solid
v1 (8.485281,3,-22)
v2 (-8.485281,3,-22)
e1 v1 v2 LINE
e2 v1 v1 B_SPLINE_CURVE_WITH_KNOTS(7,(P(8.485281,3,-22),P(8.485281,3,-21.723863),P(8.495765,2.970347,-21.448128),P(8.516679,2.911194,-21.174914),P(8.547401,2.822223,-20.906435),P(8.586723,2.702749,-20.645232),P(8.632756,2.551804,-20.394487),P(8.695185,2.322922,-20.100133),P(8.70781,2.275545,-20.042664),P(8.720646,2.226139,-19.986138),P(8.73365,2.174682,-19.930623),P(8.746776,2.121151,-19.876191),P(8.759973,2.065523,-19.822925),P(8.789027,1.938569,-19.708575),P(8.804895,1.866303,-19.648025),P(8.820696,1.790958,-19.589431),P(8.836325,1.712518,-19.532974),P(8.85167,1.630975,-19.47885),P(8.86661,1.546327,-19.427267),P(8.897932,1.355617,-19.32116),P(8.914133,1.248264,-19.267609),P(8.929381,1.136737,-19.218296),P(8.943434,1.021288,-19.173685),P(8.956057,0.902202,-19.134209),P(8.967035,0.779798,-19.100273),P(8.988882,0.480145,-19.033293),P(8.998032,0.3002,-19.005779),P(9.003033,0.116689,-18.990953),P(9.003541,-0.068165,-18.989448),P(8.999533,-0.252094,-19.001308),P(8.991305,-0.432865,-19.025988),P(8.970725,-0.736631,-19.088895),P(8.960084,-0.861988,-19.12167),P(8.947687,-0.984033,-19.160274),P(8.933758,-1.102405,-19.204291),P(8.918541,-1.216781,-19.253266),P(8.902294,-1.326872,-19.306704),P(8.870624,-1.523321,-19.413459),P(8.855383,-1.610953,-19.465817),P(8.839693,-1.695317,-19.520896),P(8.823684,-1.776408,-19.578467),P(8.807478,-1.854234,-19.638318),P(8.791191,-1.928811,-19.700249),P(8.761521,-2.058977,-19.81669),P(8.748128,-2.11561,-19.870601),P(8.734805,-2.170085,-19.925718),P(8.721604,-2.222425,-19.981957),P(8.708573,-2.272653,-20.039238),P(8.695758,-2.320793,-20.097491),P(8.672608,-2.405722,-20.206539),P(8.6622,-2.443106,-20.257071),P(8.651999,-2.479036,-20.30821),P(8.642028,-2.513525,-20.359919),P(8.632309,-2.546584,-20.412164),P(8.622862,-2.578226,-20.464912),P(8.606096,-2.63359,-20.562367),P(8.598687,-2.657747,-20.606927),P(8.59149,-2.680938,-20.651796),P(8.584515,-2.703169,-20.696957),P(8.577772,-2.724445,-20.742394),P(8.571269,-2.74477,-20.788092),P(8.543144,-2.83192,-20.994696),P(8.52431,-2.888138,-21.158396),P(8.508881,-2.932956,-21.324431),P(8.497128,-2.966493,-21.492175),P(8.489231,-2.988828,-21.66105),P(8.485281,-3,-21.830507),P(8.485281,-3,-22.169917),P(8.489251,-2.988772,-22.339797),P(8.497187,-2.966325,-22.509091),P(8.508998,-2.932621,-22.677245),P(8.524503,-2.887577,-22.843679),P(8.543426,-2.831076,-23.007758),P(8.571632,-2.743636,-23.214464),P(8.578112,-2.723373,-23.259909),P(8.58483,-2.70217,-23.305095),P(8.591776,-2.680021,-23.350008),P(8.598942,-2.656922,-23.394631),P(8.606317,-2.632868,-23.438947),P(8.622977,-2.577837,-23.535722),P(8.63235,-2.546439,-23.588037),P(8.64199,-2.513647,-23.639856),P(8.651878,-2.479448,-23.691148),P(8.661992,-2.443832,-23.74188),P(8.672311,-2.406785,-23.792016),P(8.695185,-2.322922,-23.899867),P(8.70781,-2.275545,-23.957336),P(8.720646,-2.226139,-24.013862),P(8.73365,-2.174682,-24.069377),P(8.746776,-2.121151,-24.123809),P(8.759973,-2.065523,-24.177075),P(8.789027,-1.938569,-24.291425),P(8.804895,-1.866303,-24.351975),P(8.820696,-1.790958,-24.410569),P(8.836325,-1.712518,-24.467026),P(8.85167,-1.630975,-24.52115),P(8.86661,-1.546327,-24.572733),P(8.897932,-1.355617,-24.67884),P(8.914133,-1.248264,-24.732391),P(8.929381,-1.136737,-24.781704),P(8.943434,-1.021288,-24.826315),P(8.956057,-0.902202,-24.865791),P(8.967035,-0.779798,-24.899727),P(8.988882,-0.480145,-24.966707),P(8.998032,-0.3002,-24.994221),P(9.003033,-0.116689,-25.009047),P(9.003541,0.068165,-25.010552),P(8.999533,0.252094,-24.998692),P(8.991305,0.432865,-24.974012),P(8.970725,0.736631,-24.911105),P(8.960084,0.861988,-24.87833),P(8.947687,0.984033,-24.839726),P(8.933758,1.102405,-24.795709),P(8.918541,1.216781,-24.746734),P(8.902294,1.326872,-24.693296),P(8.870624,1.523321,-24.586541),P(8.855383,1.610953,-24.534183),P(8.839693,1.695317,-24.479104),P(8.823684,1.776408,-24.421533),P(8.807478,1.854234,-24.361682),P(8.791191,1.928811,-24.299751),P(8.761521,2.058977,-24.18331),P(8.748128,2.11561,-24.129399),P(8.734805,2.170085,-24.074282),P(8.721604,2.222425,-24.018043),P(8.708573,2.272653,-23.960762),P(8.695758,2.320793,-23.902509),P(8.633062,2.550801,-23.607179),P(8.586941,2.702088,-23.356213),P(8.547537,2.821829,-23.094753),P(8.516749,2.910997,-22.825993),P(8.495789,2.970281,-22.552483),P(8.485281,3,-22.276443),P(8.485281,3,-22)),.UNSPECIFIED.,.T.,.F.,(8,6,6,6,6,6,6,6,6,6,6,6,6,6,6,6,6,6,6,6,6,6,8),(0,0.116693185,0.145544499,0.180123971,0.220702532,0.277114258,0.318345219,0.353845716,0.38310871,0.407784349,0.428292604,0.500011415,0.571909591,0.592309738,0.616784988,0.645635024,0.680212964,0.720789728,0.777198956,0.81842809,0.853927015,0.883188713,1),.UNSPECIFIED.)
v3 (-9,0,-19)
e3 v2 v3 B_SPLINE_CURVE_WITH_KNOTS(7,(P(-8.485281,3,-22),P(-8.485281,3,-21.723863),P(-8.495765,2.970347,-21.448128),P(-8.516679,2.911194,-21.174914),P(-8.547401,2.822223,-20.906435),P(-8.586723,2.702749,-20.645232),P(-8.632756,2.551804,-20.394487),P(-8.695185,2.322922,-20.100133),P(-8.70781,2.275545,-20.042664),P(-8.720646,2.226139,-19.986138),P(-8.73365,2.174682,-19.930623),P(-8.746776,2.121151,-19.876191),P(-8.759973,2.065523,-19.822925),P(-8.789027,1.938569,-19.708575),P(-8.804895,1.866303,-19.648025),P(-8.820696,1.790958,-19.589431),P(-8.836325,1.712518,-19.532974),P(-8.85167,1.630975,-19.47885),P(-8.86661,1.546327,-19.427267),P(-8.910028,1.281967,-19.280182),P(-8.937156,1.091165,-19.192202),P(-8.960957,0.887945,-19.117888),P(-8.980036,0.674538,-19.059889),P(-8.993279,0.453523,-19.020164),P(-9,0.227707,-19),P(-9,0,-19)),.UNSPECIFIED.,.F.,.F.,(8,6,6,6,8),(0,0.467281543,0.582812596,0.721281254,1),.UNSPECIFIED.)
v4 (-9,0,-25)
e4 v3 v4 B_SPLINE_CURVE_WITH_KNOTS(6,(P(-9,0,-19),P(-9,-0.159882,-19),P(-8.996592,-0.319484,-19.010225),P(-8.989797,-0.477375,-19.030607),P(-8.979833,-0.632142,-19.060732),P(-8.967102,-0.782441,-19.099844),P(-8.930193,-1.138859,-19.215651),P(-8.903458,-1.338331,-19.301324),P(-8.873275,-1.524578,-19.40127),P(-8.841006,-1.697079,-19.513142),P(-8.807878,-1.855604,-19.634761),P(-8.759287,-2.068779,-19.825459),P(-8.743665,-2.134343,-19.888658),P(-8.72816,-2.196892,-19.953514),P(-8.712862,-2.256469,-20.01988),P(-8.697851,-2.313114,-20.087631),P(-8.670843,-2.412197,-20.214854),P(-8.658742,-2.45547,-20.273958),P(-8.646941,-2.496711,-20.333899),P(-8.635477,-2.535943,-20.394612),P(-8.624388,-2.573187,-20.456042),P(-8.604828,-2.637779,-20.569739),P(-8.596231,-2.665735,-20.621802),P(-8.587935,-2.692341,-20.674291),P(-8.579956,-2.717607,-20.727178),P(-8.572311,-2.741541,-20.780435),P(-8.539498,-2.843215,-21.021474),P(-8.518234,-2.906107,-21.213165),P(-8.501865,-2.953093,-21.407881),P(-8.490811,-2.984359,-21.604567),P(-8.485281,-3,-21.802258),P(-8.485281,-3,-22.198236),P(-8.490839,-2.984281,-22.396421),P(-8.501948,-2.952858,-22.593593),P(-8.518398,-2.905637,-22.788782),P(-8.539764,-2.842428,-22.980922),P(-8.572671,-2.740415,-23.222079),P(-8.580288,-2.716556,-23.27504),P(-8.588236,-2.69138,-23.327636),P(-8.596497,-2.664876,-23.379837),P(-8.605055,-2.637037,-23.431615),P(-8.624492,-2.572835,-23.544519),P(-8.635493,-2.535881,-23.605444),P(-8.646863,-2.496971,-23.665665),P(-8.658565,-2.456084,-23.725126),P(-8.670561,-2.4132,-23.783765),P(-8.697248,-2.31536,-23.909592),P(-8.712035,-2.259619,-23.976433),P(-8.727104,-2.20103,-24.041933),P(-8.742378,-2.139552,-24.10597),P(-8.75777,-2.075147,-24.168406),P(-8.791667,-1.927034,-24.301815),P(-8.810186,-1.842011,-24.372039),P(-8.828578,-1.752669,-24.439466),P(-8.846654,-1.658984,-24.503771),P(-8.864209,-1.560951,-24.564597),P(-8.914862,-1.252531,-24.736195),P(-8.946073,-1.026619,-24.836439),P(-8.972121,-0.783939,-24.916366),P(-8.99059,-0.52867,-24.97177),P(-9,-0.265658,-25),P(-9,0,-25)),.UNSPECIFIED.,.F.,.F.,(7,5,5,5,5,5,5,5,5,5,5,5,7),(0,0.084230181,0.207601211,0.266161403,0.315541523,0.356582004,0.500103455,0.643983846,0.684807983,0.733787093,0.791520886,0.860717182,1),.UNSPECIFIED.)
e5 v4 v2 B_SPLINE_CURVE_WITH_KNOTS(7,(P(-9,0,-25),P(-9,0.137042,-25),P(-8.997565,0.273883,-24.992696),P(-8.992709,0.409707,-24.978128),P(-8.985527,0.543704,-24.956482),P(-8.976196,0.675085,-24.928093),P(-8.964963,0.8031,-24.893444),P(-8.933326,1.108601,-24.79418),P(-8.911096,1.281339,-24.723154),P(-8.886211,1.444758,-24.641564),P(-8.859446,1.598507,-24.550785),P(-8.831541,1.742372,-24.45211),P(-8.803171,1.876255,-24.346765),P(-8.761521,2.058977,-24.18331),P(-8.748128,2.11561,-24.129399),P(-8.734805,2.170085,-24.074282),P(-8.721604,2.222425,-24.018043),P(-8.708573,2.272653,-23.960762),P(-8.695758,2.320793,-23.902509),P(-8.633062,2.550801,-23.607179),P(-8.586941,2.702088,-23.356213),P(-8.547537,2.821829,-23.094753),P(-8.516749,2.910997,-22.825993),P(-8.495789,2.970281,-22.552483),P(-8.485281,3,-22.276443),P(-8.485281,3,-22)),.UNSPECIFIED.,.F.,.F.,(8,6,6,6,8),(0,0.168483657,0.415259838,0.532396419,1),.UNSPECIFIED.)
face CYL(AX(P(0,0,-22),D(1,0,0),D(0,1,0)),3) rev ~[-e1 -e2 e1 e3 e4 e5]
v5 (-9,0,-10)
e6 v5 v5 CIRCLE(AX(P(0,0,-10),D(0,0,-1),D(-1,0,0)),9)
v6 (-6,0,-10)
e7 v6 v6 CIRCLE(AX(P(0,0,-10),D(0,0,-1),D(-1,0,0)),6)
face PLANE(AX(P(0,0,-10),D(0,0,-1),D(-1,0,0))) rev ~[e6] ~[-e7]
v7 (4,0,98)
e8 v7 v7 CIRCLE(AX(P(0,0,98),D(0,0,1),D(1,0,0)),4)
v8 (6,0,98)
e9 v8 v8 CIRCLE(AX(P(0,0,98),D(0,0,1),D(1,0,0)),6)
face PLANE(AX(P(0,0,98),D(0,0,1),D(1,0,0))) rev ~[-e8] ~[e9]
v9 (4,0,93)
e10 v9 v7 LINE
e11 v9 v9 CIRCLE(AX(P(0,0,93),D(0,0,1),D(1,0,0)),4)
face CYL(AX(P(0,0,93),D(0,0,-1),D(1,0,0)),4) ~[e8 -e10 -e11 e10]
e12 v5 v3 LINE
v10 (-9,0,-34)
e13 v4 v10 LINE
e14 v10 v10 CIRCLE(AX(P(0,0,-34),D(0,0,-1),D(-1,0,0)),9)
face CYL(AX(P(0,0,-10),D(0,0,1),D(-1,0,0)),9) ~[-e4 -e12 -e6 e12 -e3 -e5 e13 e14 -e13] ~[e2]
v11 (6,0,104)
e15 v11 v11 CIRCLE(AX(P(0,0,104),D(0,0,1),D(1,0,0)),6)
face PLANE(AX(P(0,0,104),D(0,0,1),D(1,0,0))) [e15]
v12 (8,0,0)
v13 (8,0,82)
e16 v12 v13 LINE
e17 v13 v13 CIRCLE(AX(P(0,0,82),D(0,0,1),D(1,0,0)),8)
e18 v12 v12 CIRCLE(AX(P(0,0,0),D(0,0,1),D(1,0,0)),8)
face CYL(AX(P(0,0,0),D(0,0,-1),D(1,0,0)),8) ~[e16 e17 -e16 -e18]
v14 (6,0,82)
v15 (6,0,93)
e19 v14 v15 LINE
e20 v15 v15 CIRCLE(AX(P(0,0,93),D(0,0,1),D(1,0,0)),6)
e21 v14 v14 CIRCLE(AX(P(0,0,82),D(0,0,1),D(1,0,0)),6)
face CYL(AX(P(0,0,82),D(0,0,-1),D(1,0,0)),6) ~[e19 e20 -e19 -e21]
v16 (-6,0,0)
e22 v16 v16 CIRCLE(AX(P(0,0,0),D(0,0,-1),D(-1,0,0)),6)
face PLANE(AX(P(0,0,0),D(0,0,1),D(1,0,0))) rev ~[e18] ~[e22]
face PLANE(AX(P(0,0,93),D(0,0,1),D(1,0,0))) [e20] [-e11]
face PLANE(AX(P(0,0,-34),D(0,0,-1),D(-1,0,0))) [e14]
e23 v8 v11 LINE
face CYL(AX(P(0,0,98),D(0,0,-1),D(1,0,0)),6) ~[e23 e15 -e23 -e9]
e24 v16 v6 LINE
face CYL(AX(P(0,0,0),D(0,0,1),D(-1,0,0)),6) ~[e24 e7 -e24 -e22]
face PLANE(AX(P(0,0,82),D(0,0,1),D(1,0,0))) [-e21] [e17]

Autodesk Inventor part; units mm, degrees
ref_plane "YZ Plane" through (0, 0, 0) normal (1, 0, 0) x (0, 1, 0)
ref_plane "XZ Plane" through (0, 0, 0) normal (0, 1, 0) x (-1, 0, 0)
ref_plane "XY Plane" through (0, 0, 0) normal (0, 0, 1) x (1, 0, 0)
sketch "Sketch1" plane through (0, 0, 0) normal (0, 0, 1) x (1, 0, 0)
  circle A0 centre (0, 0) radius 8
  dimension "d0" = 16
extrude "Extrusion1" add sketch "Sketch1" along normal blind 82
sketch "Sketch2" plane through (0, 0, 82) normal (0, 0, 1) x (1, 0, 0)
  circle A0 centre (0, 0) radius 6
  dimension "d4" = 12
extrude "Extrusion2" add sketch "Sketch2" along normal blind 11
sketch "Sketch3" plane through (0, 0, 93) normal (0, 0, 1) x (1, 0, 0)
  circle A0 centre (0, 0) radius 4
  dimension "d7" = 8
extrude "Extrusion3" add sketch "Sketch3" along normal blind 5
sketch "Sketch4" plane through (0, 0, 98) normal (0, 0, 1) x (1, 0, 0)
  circle A0 centre (0, 0) radius 6
  dimension "d10" = 12
extrude "Extrusion4" add sketch "Sketch4" along normal blind 6
sketch "Sketch5" plane through (0, 0, 0) normal (0, 0, -1) x (-1, 0, 0)
  circle A0 centre (0, 0) radius 6
  dimension "d13" = 12
extrude "Extrusion5" add sketch "Sketch5" along normal blind 10
sketch "Sketch6" plane through (0, 0, -10) normal (0, 0, -1) x (-1, 0, 0)
  circle A0 centre (0, 0) radius 9
  dimension "d16" = 18
extrude "Extrusion6" add sketch "Sketch6" along normal blind 24
sketch "Sketch7" plane through (0, 0, 0) normal (1, 0, 0) x (0, 1, 0)
  line L0 (-9, -10) -> (9, -10) projected
  line L1 (-9, -34) -> (9, -34) projected
  line L2 (-9, -10) -> (9, -34)
  line L3 (9, -10) -> (-9, -34)
  circle A0 centre (0, -22) radius 3
  point P0 (0, 0)
  dimension "d19" = 6
extrude "Extrusion7" cut sketch "Sketch7" against normal mid plane 24 contours A0 L3 L2 | L2 L3 A0 | A0 L2 L3 | L2 A0 L3
properties part number "09.TornilloSinFin.LPSM" material "Steel, Alloy"
